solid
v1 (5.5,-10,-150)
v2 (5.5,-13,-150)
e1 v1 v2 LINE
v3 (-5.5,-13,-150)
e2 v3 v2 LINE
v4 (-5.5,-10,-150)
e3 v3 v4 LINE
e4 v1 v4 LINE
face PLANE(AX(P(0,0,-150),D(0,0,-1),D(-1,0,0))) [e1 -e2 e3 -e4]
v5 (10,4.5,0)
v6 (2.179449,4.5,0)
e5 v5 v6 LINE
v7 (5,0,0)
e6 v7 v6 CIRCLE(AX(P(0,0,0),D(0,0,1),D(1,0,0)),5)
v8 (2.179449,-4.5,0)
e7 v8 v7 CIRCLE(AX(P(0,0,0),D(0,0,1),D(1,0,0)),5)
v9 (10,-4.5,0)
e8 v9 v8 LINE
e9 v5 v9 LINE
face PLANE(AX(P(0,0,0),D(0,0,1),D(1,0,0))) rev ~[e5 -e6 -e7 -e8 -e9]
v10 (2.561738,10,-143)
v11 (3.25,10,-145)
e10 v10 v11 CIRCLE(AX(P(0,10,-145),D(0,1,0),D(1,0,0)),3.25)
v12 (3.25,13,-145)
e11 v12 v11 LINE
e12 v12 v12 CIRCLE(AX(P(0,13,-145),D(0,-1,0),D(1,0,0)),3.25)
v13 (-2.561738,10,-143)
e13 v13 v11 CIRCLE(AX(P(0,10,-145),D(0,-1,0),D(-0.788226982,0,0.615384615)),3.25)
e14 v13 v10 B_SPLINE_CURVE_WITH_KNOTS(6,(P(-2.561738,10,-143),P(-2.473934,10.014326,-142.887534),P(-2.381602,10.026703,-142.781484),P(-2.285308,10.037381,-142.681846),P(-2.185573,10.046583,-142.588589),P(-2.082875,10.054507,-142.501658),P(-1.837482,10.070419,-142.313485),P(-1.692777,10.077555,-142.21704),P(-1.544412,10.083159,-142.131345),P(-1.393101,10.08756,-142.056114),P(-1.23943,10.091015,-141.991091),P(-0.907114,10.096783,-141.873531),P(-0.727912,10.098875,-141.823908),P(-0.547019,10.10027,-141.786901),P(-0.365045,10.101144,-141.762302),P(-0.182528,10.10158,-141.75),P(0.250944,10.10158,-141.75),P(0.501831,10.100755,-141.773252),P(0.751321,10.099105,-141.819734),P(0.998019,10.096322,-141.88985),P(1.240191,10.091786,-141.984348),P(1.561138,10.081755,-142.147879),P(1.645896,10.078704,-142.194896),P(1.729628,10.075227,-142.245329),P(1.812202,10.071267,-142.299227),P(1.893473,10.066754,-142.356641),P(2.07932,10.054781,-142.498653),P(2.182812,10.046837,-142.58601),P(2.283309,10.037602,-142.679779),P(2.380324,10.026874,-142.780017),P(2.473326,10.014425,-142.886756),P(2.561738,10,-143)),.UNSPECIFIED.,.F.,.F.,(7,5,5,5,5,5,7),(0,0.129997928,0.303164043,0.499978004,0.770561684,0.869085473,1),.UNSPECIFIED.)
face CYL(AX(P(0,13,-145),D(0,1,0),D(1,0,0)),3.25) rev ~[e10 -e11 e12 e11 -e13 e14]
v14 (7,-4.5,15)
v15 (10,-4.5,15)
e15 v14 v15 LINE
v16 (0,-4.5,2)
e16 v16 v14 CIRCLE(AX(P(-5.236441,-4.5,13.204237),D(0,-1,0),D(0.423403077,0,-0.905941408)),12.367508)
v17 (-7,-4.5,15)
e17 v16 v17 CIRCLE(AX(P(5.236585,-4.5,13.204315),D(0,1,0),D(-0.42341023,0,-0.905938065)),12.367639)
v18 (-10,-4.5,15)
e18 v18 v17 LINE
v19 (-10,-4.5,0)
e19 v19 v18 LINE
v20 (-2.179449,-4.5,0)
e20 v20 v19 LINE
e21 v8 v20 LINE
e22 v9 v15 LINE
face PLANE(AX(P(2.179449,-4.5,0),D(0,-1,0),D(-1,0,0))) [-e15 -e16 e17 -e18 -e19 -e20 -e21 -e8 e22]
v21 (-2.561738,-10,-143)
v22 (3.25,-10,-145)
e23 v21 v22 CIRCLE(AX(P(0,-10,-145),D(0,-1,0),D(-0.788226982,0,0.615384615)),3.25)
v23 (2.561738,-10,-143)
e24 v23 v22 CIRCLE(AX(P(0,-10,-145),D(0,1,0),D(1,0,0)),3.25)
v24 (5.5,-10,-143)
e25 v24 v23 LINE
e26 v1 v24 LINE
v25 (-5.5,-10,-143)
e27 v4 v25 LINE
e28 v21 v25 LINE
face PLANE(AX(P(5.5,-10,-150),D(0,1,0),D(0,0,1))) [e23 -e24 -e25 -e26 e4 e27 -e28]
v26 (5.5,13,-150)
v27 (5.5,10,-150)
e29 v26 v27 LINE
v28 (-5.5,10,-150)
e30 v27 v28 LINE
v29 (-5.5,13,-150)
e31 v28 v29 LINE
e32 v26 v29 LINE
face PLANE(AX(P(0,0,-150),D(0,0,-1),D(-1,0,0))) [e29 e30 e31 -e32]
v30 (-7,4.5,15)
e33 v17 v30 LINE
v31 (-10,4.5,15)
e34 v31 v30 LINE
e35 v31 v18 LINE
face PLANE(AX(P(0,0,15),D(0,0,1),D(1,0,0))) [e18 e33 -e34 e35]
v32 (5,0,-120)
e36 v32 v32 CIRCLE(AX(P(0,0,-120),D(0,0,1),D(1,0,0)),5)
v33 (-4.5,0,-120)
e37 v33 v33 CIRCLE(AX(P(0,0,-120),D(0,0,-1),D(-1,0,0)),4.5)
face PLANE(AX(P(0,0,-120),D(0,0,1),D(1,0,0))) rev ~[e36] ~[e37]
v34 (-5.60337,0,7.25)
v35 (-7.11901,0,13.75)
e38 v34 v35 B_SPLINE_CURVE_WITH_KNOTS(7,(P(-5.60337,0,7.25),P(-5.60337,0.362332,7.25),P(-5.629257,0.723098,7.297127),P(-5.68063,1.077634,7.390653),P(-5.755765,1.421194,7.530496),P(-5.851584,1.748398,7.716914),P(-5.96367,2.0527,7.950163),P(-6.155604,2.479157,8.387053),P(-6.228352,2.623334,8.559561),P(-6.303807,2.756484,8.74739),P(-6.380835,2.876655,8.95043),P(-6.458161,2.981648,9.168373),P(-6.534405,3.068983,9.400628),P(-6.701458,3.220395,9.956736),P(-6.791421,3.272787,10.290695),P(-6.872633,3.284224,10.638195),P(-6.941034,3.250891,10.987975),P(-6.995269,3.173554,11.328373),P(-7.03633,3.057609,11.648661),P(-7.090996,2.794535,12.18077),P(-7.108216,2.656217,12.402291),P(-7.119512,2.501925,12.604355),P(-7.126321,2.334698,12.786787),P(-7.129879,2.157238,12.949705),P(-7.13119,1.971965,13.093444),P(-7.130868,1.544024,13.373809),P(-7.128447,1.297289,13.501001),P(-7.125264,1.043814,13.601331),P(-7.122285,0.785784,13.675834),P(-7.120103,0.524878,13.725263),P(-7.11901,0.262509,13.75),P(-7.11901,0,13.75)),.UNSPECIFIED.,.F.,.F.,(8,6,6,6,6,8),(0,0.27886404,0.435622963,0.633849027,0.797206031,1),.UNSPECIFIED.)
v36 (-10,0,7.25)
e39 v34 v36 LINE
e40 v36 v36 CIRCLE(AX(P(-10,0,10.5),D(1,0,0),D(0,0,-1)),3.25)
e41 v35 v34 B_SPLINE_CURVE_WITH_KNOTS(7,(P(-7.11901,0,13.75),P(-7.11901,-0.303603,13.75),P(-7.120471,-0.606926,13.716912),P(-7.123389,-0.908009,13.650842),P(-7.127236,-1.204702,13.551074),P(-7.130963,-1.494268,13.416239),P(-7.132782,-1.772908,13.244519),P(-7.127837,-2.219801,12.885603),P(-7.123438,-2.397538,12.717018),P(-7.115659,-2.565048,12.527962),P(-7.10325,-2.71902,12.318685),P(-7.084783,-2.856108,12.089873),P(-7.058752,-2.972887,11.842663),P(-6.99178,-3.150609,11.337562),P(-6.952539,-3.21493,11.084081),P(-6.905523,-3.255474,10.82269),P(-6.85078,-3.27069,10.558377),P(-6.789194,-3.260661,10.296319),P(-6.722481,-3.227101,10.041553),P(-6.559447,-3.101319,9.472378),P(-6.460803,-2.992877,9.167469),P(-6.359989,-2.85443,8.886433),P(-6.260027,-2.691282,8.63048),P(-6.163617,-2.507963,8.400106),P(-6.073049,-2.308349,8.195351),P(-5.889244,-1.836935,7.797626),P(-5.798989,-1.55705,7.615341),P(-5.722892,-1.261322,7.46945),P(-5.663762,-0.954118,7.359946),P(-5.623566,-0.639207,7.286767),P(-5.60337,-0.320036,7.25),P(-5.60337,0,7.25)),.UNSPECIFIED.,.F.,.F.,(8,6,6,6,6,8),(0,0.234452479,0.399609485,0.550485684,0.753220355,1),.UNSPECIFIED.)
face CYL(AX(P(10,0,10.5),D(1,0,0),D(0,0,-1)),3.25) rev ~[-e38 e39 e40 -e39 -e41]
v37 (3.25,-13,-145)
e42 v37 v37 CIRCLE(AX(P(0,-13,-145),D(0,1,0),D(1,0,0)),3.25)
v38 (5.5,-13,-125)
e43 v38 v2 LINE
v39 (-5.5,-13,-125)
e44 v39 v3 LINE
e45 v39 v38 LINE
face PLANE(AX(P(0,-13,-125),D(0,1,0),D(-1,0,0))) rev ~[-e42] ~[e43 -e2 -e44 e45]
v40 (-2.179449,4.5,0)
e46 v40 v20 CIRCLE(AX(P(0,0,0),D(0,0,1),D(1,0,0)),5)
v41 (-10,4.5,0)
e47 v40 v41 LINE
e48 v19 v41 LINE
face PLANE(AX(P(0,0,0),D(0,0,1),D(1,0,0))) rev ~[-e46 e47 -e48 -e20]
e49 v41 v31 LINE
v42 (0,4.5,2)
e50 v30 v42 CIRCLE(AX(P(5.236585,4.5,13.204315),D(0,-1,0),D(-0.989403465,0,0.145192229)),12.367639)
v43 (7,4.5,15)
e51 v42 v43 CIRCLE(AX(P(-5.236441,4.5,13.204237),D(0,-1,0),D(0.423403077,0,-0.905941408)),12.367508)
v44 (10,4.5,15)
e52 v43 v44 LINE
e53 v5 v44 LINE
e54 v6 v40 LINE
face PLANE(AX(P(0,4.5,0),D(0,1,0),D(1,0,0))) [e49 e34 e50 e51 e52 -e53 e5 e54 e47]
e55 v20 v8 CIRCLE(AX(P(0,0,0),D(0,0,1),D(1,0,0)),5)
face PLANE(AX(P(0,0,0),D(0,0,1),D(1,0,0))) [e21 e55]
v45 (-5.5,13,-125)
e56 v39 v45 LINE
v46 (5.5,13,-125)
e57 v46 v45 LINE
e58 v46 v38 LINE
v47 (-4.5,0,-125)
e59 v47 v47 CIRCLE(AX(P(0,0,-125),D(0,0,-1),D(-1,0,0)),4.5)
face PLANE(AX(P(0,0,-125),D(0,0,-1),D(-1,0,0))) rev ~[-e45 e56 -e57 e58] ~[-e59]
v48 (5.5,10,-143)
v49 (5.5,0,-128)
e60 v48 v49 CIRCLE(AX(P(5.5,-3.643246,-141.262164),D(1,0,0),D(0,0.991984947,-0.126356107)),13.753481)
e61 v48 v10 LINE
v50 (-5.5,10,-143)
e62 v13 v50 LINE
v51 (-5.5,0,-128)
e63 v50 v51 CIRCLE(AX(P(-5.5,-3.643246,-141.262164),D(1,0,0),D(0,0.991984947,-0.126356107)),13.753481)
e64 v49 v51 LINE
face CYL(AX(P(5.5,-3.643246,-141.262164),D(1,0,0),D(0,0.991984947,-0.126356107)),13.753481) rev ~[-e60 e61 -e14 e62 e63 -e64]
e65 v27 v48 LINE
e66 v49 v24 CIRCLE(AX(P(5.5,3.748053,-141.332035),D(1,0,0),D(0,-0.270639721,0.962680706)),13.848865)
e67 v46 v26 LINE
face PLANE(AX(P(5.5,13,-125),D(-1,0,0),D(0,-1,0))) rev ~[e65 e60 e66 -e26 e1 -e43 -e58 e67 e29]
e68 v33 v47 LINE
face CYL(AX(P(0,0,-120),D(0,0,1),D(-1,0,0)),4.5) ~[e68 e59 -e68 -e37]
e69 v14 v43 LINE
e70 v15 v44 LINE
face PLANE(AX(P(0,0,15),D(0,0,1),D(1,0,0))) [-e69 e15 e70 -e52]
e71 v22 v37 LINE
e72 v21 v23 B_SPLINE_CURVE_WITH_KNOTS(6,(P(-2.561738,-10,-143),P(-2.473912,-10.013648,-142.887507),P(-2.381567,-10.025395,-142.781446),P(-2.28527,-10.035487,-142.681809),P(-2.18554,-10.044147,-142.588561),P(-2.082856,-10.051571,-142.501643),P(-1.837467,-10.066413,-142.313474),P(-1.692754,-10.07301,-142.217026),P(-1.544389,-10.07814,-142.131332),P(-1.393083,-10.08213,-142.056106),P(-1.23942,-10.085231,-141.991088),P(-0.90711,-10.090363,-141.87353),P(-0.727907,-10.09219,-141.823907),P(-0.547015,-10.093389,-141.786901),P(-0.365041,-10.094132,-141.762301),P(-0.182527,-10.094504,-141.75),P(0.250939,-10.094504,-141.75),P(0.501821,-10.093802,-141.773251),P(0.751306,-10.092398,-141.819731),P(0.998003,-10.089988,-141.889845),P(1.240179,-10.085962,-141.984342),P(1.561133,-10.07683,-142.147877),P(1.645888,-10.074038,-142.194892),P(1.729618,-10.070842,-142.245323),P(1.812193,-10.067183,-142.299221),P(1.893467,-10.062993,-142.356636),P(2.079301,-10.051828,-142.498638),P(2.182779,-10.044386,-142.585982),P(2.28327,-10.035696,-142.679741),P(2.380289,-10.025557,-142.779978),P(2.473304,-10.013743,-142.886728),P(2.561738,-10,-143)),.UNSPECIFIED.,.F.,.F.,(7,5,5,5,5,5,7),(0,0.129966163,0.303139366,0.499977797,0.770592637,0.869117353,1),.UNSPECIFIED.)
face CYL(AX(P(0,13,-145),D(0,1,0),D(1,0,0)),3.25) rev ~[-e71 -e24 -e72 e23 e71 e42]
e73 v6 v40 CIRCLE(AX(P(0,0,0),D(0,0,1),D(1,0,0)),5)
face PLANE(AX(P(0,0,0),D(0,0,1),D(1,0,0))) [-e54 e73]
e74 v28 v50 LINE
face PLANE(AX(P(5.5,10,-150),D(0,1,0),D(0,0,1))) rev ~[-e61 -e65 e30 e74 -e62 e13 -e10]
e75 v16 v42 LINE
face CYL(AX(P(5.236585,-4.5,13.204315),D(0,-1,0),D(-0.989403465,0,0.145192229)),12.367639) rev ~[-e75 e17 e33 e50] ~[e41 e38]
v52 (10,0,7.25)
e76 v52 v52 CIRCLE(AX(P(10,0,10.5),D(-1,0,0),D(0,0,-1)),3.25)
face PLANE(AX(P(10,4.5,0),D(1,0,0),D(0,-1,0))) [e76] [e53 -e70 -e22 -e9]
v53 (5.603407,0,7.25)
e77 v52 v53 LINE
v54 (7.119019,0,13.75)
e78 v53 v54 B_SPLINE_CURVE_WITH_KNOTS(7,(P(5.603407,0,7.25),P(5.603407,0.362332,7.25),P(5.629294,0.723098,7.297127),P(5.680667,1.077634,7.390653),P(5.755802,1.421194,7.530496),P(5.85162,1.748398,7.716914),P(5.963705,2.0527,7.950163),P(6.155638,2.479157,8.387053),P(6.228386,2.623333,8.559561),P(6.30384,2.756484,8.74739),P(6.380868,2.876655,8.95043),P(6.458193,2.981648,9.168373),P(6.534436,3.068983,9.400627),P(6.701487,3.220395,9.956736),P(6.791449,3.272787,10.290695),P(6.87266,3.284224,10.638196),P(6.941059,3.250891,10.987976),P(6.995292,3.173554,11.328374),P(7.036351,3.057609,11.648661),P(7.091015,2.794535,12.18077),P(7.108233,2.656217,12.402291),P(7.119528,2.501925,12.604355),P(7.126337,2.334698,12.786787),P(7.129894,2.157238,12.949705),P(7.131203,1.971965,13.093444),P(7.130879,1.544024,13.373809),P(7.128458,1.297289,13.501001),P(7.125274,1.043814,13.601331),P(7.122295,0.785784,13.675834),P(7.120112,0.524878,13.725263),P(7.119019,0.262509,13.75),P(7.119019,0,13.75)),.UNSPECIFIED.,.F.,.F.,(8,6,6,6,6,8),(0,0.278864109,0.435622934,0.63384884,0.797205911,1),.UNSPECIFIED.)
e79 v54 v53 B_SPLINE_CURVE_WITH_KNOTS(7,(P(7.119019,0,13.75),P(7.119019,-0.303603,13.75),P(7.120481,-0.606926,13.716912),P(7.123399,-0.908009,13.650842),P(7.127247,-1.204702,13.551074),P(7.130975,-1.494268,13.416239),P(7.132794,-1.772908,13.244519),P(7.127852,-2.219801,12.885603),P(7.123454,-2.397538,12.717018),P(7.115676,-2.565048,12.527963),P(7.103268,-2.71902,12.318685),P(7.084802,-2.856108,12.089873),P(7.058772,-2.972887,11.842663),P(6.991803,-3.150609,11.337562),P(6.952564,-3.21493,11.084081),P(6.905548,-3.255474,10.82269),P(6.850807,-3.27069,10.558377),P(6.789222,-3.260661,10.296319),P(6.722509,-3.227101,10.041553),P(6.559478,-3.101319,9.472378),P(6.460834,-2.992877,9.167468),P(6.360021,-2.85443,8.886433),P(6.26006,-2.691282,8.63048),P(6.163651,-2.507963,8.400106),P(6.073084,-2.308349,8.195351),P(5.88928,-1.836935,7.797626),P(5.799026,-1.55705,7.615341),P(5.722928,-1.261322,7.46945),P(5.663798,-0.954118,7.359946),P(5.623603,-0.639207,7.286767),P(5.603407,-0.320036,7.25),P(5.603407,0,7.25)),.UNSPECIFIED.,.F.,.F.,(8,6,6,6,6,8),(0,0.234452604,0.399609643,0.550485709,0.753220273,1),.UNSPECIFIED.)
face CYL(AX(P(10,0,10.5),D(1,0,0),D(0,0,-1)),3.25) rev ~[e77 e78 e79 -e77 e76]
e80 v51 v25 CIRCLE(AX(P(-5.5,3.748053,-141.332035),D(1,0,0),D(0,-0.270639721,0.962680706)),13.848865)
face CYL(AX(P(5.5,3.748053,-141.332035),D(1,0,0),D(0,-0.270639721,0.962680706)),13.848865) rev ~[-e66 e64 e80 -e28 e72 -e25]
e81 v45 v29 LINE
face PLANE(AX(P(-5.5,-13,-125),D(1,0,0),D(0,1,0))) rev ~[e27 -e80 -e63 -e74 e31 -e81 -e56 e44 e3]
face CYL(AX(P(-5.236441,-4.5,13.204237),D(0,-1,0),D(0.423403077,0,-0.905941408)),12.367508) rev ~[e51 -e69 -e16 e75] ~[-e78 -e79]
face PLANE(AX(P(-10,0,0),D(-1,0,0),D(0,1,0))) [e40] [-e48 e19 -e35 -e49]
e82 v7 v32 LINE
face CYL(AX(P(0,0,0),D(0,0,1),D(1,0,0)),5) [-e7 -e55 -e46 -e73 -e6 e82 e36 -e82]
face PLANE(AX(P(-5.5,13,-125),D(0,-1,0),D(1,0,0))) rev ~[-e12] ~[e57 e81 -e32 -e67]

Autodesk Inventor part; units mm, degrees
ref_plane "YZ Plane" through (0, 0, 0) normal (1, 0, 0) x (0, 1, 0)
ref_plane "XZ Plane" through (0, 0, 0) normal (0, 1, 0) x (-1, 0, 0)
ref_plane "XY Plane" through (0, 0, 0) normal (0, 0, 1) x (1, 0, 0)
sketch "Sketch1" plane through (0, 0, 0) normal (0, 0, 1) x (1, 0, 0)
  circle A0 centre (0, 0) radius 5
  dimension "d0" = 10
extrude "Extrusion1" add sketch "Sketch1" against normal blind 120
sketch "Sketch2" plane through (0, 0, -120) normal (0, 0, -1) x (-1, 0, 0)
  circle A0 centre (0, 0) radius 4.5
  dimension "d3" = 9
extrude "Extrusion2" add sketch "Sketch2" along normal blind 5
sketch "Sketch3" plane through (0, 0, 0) normal (0, 0, 1) x (1, 0, 0)
  circle A0 centre (0, 0) radius 5 projected
  line L0 (0, 0) -> (10, 0)
  line L1 (10, 0) -> (-10, 0)
  line L2 (0, 0) -> (0, 4.5)
  line L3 (0, 4.5) -> (0, -4.5)
  line L4 (0, -4.5) -> (-10, -4.5)
  line L5 (-10, -4.5) -> (-10, 0)
  line L6 (-10, 0) -> (-10, 4.5)
  line L7 (-10, 4.5) -> (0, 4.5)
  line L8 (0, 4.5) -> (10, 4.5)
  line L9 (10, 4.5) -> (10, -4.5)
  line L10 (10, -4.5) -> (0, -4.5)
  dimension "d8" = 4.5
  dimension "d53" = 4.5
  dimension "d56" = 20
  dimension "d57" = 10
  dimension "d58" = 10
extrude "Extrusion3" add sketch "Sketch3" along normal blind 15 contours L0 L2 L8 A0 | L0 L9 L10 A0 | A0 L10 L3 L0 | A0 L8 L9 L0 | L3 L4 A0 L1 | L1 A0 L7 L2 | A0 L1 L6 L7 | L4 L5 L1 A0
sketch "Sketch4" plane through (-10, -4.5, 0) normal (0, -1, 0) x (1, 0, 0)
  line L0 (0, 0) -> (7.8206, 0) projected
  line L1 (12.1794, 0) -> (7.8206, 0) projected
  line L2 (12.1794, 0) -> (20, 0) projected
  line L3 (20, 0) -> (20, 15) projected
  line L4 (0, 15) -> (20, 15) projected
  line L5 (0, 0) -> (0, 15) projected
  line L6 (10, 0) -> (10, 2)
  line L7 (0, 15) -> (20, 15) projected
  line L8 (0, 15) -> (3, 15)
  line L9 (20, 15) -> (17, 15)
  arc A0 (3, 15) -> (10, 2) centre (15.2365, 13.2043) ccw
  line L10 (10, 2) -> (10, 15)
  line L11 (4.3472, 7.3408) -> (0, 7.3408)
  line L12 (0, 0) -> (0, 15) projected
  line L13 (4.3472, 7.3408) -> (4.3472, 0)
  line L14 (15.6528, 7.3408) -> (20, 7.3408)
  line L15 (15.6528, 7.3408) -> (15.6528, 0)
  arc A1 (10, 2) -> (17, 15) centre (4.7635, 13.2043) ccw
  dimension "d12" = 2
  dimension "d13" = 3
  dimension "d14" = 3
extrude "Extrusion4" cut sketch "Sketch4" against normal blind 15 contours A0 L4 L10 | L10 L4 A1
sketch "Sketch5" plane through (10, -4.5, 0) normal (1, 0, 0) x (0, 0, -1)
  line L0 (0, 0) -> (0, 9) projected
  line L1 (0, 9) -> (-15, 9) projected
  line L2 (-15, 0) -> (-15, 9) projected
  line L3 (0, 0) -> (-15, 0) projected
  line L4 (-15, 0) -> (-15, 9) projected
  line L5 (-15, 4.5) -> (-10.5, 4.5)
  line L6 (0, 9) -> (0, 0) projected
  circle A0 centre (-10.5, 4.5) radius 3.25
  point P0 (0, 4.5)
  dimension "d19" = 4.5
  dimension "d55" = 6.5
extrude "Extrusion5" cut sketch "Sketch5" against normal blind 37.25 contours A0
sketch "Sketch6" plane through (0, 0, -125) normal (0, 0, -1) x (-1, 0, 0)
  circle A0 centre (0, 0) radius 4.5 projected
  line L0 (0, 0) -> (0, 13)
  line L1 (0, -4.5) -> (0, 4.5) projected
  line L2 (0, 13) -> (0, -13)
  line L3 (0, -13) -> (-5.5, -13)
  line L4 (-5.5, -13) -> (5.5, -13)
  line L5 (5.5, -13) -> (5.5, 13)
  line L6 (5.5, 13) -> (-5.5, 13)
  line L7 (-5.5, 13) -> (-5.5, -13)
  dimension "d23" = 13
  dimension "d24" = 26
  dimension "d25" = 5.5
  dimension "d26" = 11
extrude "Extrusion6" add sketch "Sketch6" along normal blind 25
sketch "Sketch7" plane through (5.5, -13, -125) normal (1, 0, 0) x (0, 0, -1)
  line L0 (0, 26) -> (0, 0) projected
  line L1 (0, 0) -> (25, 0) projected
  line L2 (25, 26) -> (25, 0) projected
  line L3 (0, 26) -> (25, 26) projected
  line L4 (25, 26) -> (25, 0) projected
  line L5 (25, 26) -> (25, 23)
  line L6 (25, 0) -> (25, 3)
  line L7 (25, 23) -> (18, 23)
  line L8 (0, 8.5) -> (0, 17.5) projected
  line L9 (0, 13) -> (3, 13)
  arc A0 (18, 23) -> (3, 13) centre (16.2622, 9.3566) ccw
  line L10 (25, 3) -> (18, 3)
  line L11 (18, 3) -> (18, 23)
  arc A1 (3, 13) -> (18, 3) centre (16.3321, 16.7481) ccw
  point P0 (-125, 13)
  dimension "d29" = 3
  dimension "d30" = 3
  dimension "d32" = 7
  dimension "d33" = 3
extrude "Extrusion7" cut sketch "Sketch7" against normal blind 25 contours L2 L10 L11 L7 | A0 L11 A1
sketch "Sketch8" plane through (-5.5, 13, -125) normal (0, 1, 0) x (1, 0, 0)
  line L0 (0, 0) -> (11, 0) projected
  line L1 (11, 0) -> (11, 25) projected
  line L2 (0, 25) -> (11, 25) projected
  line L3 (0, 0) -> (0, 25) projected
  line L4 (5.5, 25) -> (5.5, 20)
  circle A0 centre (5.5, 20) radius 3.25
  line L5 (2.25, 20) -> (0, 20)
  line L6 (0, 18) -> (0, 25) projected
  line L7 (8.75, 20) -> (11, 20)
  line L8 (11, 25) -> (11, 18) projected
  point P0 (5.5, -125)
  dimension "d36" = 5
  dimension "d54" = 6.5
extrude "Extrusion8" cut sketch "Sketch8" against normal blind 30 contours A0
